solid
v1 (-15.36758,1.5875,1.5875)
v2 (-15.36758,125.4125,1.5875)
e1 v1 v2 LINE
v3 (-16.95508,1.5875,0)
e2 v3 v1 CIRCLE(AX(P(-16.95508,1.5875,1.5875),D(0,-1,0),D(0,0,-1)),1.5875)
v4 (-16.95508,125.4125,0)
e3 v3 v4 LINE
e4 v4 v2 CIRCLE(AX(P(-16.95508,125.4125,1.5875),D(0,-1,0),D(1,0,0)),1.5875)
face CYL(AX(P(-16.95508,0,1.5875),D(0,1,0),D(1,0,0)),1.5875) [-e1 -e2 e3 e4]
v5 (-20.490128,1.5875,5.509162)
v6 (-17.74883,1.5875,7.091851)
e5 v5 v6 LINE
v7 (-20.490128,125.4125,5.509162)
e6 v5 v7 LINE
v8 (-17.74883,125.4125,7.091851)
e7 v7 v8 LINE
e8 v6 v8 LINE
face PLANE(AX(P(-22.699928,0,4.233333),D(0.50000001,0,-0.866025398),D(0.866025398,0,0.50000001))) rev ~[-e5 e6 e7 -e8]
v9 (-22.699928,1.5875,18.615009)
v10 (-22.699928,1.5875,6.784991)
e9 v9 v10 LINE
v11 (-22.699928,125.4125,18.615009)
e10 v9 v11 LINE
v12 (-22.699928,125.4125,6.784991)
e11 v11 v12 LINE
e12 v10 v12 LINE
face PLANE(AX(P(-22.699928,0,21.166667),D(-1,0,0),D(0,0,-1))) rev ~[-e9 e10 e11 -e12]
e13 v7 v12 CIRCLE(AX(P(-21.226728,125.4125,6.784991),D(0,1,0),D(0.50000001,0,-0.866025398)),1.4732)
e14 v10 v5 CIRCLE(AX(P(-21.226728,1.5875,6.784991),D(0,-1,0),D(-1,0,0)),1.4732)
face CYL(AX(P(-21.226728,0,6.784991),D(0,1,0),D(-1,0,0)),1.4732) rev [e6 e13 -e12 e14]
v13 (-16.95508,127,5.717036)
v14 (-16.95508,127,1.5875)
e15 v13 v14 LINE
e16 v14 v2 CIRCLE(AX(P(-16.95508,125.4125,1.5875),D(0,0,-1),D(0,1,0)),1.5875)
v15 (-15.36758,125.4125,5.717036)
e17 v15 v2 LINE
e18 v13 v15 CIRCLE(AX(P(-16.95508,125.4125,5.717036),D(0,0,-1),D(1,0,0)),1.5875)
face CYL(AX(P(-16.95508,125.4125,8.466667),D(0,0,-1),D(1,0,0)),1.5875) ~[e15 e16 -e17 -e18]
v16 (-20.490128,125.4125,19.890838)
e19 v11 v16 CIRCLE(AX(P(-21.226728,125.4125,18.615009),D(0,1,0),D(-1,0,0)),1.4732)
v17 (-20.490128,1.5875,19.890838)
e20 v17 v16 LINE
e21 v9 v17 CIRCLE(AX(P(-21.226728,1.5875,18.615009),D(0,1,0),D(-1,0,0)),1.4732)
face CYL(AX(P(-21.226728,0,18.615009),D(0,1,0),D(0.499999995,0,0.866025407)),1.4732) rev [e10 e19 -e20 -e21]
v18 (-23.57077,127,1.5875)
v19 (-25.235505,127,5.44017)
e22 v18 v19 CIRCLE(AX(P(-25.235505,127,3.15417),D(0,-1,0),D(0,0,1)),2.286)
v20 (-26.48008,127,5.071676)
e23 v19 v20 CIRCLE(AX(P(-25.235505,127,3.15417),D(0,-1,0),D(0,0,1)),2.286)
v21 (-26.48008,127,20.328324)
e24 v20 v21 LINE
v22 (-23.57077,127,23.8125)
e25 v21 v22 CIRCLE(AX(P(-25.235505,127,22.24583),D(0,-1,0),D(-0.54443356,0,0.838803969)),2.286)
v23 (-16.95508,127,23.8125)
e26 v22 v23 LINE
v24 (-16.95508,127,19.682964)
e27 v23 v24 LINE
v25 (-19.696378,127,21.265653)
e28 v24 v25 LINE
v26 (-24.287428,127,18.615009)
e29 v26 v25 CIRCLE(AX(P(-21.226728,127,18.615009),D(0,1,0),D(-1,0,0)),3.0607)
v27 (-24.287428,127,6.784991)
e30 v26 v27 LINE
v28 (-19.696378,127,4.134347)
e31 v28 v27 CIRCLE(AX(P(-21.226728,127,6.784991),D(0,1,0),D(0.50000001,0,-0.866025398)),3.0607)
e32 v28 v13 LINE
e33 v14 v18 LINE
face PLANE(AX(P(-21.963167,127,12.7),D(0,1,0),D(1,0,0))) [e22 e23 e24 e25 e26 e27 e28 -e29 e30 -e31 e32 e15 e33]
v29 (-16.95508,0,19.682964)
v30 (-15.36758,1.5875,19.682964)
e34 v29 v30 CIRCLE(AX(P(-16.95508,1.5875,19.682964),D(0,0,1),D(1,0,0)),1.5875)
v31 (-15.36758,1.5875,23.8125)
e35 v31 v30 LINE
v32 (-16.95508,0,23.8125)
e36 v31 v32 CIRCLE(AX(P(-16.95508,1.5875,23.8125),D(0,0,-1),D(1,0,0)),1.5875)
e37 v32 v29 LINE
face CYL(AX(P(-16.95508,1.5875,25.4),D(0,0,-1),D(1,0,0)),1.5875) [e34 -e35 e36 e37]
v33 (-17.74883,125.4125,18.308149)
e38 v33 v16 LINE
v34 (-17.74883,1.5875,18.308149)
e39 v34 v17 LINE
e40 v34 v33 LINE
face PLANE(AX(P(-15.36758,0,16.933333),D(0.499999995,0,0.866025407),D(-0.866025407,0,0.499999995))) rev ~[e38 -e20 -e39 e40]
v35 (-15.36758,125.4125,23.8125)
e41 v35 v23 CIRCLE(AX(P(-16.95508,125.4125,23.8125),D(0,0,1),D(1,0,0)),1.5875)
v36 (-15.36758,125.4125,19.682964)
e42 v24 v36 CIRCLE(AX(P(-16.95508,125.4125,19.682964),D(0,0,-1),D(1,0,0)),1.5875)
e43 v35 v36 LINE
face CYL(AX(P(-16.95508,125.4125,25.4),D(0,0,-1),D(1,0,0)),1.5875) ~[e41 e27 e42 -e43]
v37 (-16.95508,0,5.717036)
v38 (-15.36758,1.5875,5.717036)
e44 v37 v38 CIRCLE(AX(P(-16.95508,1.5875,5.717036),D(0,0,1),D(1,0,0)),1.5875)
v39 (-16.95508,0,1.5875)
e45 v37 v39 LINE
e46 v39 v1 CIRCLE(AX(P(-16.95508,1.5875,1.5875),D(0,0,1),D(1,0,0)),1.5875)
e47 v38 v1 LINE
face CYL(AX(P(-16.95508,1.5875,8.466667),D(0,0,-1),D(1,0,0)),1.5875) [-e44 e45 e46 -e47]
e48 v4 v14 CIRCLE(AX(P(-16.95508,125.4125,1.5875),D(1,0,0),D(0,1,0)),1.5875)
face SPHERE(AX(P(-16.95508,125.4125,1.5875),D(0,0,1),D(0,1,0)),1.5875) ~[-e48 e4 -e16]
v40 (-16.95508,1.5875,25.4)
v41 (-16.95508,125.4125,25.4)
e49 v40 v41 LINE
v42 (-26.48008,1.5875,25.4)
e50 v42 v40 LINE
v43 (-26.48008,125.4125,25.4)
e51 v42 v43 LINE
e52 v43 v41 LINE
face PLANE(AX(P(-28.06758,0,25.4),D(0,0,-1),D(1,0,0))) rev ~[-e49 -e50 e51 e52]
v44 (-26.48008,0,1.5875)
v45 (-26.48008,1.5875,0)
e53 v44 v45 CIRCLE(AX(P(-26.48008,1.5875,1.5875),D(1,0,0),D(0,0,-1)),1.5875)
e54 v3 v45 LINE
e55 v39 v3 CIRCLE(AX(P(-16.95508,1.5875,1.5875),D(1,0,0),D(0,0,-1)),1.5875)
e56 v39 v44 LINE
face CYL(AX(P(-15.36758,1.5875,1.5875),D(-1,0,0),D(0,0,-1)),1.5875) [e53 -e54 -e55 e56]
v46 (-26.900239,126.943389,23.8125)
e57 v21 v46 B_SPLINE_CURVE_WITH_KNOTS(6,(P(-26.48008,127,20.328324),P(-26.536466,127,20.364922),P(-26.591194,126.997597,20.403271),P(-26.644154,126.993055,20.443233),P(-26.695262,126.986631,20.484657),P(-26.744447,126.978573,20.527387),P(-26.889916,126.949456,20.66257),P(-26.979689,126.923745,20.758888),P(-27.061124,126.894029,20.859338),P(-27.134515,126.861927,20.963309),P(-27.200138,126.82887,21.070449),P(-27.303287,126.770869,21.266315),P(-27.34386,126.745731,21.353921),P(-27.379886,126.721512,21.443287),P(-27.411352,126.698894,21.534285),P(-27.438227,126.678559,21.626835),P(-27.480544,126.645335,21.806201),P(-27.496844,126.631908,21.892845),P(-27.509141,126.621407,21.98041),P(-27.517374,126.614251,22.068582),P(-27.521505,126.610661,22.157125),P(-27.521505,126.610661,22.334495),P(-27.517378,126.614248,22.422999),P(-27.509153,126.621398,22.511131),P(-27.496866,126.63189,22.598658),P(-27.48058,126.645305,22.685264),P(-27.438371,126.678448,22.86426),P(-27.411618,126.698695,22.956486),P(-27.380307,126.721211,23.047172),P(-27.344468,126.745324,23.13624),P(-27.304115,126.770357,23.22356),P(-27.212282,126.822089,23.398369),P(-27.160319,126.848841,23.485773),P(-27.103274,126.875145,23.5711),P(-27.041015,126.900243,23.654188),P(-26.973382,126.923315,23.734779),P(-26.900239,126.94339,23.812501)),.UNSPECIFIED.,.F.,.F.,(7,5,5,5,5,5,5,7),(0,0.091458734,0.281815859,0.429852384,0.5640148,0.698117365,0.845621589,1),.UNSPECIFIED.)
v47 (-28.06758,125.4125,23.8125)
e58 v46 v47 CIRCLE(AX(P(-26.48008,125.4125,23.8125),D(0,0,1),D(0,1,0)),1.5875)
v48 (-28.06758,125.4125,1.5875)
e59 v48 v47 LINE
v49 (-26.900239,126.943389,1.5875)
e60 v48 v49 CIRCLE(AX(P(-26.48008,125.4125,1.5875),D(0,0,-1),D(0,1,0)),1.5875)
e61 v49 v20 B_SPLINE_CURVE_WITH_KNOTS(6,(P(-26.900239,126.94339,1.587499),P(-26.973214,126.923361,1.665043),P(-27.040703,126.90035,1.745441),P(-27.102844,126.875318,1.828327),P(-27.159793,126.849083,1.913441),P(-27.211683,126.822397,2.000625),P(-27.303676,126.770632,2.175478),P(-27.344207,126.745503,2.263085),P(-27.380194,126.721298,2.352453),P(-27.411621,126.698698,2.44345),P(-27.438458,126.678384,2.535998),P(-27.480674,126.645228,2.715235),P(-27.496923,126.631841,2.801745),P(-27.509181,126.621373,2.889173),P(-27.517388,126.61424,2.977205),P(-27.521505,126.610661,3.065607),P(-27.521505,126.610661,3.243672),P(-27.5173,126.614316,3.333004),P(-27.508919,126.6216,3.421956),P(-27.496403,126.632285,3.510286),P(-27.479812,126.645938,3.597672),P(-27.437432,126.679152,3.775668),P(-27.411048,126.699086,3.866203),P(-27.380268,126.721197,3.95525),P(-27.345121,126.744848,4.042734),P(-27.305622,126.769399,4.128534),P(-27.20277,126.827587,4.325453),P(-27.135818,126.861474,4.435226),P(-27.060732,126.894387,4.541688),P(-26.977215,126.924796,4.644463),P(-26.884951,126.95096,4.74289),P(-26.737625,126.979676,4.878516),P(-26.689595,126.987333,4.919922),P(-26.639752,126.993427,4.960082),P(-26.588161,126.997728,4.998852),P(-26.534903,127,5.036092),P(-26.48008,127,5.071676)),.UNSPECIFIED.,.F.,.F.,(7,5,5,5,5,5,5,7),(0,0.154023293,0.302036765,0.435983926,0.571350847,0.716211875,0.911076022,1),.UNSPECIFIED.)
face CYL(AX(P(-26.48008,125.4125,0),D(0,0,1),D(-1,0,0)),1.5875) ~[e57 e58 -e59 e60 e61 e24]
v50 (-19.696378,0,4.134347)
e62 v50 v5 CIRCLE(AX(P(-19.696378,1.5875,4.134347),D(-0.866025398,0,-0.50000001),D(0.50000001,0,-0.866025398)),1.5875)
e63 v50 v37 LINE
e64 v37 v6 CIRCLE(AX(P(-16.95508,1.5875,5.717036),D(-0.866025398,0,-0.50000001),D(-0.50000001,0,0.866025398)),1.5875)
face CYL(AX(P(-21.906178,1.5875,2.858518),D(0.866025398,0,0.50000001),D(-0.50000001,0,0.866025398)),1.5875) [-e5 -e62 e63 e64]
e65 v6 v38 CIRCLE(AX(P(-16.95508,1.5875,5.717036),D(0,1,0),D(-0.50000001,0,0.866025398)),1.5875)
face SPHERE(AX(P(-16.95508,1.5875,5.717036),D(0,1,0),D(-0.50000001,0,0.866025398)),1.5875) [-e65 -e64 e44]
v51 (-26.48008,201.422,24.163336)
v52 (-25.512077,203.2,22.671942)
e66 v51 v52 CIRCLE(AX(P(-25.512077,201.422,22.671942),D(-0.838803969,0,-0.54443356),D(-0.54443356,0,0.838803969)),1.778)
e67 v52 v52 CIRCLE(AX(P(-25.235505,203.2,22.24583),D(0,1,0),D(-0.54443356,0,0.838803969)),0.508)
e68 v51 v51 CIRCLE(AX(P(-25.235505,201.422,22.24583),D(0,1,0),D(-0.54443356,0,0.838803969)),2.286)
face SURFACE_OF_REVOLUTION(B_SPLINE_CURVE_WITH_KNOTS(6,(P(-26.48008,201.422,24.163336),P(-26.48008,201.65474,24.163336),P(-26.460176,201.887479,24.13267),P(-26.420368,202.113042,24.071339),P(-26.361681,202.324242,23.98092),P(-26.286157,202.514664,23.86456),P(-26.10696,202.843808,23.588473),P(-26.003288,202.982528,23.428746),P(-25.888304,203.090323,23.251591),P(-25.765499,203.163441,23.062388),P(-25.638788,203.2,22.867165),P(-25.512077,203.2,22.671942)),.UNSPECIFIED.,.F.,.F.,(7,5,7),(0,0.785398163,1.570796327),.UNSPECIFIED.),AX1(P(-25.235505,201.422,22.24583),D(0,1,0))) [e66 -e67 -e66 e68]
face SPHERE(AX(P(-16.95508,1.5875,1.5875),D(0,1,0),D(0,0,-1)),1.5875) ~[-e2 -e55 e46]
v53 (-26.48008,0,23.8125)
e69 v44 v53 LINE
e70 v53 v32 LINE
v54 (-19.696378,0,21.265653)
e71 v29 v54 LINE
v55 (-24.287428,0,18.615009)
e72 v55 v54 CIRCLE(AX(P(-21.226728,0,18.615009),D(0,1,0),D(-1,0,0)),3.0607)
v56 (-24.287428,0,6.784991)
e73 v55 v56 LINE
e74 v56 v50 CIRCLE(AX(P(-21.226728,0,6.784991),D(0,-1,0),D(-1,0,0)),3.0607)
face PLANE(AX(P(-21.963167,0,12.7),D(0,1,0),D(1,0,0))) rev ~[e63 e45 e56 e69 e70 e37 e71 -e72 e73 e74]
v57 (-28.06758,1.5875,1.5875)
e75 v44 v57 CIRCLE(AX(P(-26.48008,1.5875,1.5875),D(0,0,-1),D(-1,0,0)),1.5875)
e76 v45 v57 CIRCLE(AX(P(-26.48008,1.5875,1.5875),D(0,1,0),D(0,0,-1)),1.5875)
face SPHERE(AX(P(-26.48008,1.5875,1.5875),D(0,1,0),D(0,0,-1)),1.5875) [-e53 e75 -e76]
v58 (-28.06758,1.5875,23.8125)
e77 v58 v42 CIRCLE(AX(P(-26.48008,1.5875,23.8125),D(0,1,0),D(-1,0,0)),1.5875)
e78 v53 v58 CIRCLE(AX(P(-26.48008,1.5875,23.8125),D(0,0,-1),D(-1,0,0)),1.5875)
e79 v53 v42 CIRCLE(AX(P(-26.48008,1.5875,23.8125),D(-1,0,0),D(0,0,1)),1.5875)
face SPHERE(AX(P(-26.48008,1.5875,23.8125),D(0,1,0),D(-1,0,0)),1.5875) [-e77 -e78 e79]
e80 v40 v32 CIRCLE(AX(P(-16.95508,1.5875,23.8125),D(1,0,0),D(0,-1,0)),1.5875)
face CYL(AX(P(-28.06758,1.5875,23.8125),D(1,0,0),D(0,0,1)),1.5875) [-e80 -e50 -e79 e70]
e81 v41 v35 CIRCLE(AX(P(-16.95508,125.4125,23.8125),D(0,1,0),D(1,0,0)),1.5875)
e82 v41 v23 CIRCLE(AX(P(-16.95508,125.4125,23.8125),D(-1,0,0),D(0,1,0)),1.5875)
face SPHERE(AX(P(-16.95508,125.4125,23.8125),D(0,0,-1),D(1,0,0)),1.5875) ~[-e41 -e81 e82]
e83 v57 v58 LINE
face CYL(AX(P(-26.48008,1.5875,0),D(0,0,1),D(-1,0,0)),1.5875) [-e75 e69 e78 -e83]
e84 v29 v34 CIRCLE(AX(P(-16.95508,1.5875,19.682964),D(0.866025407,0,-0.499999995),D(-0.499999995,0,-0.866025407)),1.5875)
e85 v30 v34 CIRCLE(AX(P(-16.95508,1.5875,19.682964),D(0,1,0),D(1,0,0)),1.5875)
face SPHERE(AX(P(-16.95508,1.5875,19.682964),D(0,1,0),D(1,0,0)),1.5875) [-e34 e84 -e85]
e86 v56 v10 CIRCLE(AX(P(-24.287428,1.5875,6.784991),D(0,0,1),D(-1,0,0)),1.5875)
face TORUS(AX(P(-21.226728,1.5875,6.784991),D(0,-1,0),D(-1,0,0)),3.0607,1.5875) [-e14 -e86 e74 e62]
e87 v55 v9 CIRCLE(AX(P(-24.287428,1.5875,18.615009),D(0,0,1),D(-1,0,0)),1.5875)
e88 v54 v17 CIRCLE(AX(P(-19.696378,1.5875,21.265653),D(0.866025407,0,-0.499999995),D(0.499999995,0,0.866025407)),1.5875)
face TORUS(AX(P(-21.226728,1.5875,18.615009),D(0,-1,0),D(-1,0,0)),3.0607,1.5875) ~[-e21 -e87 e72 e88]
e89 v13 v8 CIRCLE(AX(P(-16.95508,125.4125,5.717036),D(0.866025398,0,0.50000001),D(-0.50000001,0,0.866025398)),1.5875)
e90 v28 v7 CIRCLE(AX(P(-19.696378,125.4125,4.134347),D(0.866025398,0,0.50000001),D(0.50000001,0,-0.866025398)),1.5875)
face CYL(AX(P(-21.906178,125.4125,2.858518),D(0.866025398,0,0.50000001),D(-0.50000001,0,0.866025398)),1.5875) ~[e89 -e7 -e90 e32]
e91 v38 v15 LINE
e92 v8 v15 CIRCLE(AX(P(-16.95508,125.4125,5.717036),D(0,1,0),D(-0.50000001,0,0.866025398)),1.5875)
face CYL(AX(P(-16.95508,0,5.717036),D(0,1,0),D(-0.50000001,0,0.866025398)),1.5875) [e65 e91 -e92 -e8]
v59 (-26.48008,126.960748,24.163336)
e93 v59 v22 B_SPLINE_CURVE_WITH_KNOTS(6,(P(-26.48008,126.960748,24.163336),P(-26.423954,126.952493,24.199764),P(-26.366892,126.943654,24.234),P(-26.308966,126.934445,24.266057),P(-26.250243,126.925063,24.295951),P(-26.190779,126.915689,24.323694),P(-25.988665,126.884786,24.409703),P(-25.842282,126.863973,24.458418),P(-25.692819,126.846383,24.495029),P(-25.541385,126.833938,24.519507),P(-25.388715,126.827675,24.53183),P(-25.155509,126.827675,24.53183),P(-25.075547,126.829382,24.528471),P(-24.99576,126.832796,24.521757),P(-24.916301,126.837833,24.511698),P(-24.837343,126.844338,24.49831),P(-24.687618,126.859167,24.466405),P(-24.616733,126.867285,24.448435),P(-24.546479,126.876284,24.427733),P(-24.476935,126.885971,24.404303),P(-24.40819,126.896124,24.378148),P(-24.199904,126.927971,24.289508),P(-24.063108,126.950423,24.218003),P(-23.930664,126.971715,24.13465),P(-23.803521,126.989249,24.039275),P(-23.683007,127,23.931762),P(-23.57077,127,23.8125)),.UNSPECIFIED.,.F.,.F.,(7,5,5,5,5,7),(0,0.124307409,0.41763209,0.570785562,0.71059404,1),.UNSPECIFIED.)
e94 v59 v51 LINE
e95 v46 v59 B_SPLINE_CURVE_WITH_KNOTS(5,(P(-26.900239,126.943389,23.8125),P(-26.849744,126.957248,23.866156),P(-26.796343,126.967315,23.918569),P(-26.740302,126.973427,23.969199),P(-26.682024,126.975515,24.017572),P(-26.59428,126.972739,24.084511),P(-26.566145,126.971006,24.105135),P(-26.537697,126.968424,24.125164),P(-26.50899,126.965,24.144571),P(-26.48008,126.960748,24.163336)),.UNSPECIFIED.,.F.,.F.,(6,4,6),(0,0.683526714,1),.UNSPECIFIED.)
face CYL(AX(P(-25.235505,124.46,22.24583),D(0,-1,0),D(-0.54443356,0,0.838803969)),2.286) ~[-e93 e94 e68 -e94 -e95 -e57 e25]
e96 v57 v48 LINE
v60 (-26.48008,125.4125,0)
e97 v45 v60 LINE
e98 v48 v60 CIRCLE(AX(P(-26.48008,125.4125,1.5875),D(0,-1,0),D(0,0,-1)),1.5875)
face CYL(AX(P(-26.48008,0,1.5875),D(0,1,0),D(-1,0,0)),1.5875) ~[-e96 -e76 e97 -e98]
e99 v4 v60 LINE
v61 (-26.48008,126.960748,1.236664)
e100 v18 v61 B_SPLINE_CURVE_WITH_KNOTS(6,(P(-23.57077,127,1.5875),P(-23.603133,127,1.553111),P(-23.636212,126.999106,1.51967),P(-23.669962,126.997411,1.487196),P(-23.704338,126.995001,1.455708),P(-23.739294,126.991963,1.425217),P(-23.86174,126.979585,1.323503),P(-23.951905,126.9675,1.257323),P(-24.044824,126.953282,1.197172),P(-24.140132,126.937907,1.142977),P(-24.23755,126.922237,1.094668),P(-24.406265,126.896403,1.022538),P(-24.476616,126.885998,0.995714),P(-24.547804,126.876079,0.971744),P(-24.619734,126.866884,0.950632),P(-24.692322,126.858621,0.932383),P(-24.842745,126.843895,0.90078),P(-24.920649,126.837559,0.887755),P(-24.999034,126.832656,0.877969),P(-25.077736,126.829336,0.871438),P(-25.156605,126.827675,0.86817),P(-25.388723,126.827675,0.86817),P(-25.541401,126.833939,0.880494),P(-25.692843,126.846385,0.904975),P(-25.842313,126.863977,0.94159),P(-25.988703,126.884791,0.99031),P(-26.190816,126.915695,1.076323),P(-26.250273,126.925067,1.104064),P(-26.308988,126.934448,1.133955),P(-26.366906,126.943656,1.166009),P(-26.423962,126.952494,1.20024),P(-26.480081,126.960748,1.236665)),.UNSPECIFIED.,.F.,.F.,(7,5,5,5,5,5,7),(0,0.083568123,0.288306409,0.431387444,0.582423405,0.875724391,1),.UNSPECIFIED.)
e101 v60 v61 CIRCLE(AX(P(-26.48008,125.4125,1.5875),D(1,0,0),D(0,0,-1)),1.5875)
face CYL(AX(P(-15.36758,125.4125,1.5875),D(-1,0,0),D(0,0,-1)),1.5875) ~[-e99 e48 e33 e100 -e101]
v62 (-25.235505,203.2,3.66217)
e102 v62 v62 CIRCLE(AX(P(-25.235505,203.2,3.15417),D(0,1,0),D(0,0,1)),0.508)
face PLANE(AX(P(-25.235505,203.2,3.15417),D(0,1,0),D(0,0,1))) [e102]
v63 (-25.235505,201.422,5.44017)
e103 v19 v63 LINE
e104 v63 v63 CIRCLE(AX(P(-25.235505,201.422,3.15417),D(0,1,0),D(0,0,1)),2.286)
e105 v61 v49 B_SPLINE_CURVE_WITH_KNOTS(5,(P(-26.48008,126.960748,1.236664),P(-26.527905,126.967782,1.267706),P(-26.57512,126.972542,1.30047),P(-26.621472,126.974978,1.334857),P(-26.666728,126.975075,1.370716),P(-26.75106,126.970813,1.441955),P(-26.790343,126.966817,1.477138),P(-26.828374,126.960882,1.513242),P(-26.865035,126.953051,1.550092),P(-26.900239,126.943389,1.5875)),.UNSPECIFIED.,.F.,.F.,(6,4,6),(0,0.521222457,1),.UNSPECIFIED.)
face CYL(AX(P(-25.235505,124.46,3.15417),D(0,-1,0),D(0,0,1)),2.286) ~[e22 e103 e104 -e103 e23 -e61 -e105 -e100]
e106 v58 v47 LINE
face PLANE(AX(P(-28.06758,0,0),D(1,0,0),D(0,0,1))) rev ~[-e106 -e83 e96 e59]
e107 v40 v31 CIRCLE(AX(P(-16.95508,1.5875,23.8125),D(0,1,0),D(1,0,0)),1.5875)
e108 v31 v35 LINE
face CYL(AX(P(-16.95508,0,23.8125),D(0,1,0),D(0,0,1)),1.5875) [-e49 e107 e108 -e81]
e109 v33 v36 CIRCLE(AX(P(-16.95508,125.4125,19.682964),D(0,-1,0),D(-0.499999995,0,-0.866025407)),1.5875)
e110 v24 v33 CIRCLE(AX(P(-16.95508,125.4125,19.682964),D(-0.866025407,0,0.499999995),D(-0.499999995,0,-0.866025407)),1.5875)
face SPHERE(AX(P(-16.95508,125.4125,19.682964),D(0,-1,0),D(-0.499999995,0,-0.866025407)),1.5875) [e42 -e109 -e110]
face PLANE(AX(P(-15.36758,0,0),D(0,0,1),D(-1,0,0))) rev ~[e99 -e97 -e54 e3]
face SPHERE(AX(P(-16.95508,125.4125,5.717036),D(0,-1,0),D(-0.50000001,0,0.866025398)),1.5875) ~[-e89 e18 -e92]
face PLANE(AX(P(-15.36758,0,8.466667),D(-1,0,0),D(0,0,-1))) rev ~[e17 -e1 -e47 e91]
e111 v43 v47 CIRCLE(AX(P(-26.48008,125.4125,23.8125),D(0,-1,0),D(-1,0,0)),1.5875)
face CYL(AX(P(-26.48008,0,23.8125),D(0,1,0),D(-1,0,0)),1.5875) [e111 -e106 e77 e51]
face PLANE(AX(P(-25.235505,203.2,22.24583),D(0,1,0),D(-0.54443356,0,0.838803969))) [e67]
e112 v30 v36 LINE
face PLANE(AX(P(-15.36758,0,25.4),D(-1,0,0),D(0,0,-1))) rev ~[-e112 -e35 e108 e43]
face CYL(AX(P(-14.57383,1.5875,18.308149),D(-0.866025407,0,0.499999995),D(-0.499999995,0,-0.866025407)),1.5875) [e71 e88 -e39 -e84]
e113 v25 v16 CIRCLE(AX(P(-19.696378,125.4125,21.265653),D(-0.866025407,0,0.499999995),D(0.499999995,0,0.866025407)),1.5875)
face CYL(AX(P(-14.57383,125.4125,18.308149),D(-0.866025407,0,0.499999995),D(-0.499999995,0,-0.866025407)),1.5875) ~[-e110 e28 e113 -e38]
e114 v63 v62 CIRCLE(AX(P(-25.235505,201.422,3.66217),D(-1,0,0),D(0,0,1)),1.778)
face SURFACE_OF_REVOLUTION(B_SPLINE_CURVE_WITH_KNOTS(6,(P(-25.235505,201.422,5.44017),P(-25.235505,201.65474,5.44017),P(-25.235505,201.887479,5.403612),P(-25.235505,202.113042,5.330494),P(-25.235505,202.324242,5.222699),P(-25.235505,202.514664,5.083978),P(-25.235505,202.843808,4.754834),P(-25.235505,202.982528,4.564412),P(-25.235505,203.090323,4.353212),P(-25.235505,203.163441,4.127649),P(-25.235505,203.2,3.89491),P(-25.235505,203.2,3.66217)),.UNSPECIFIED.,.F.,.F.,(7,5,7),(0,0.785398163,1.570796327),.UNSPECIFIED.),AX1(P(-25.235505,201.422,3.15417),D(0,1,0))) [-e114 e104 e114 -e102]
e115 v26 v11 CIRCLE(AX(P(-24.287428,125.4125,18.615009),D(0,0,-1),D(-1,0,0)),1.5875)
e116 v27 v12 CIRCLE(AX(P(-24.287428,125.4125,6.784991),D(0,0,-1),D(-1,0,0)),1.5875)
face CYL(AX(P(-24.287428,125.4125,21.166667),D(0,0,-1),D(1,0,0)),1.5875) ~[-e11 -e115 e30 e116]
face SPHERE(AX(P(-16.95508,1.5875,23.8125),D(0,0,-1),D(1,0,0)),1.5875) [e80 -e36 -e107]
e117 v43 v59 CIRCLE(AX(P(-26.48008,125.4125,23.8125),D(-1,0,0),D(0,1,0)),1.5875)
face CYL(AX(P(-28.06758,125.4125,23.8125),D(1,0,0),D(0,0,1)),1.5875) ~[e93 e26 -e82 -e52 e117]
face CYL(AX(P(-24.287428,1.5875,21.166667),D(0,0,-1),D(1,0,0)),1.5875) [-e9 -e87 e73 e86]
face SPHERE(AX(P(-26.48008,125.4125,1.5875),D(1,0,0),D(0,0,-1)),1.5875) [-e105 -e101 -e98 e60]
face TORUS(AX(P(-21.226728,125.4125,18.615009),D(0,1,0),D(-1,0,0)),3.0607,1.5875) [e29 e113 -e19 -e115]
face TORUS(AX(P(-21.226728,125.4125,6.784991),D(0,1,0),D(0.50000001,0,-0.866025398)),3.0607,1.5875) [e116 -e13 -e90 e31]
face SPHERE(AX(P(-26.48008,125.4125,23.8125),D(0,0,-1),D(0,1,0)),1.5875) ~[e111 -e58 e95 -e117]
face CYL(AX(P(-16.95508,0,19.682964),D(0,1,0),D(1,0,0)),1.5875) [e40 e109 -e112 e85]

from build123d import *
from OCP.BRepFilletAPI import BRepFilletAPI_MakeFillet

# Parameters (mm, degrees)
BOSS_EXTRUDE2_DEPTH      = 127
FILLET1_R1               = 1.5875
FILLET1_R2               = 1.4732
BOSS_EXTRUDE3_DEPTH      = 76.2
BOSS_EXTRUDE3_DEPTH_BACK = 2.54
SKETCH2_R                = 2.286
FILLET2_R                = 1.778


with BuildPart() as part:
    # Sketch1 → Boss-Extrude2 (new body)
    with BuildSketch(Plane(origin=(0, 0, 0), x_dir=(1, 0, 0), z_dir=(0, 1, 0))):
        Polygon((-28.067579909, 0), (-28.067579909, -25.4), (-15.367579909, -25.4), (-15.367579909, -16.933333333), (-22.699928279, -21.166666582), (-22.699928279, -4.233333249), (-15.367579909, -8.466666667), (-15.367579909, 0), align=None)
    extrude(amount=BOSS_EXTRUDE2_DEPTH)

    # Fillet1: one fillet with a radius per group of edges: ONE call of the kernel's fillet builder (fillet() takes one radius for all edges)
    fillet1_edges_1 = [part.edges().sort_by_distance(p)[0] for p in [
        (-19.033754094, 127, 6.349999958),
        (-22.699928279, 127, 12.699999915),
        (-19.033754094, 127, 19.049999958),
        (-15.367579909, 127, 21.166666667),
        (-15.367579909, 127, 4.233333333),
        (-21.717579909, 127, 0),
        (-28.067579909, 63.5, 0),
        (-15.367579909, 63.5, 0),
        (-21.717579909, 0, 0),
        (-15.367579909, 0, 4.233333333),
        (-15.367579909, 63.5, 8.466666667),
        (-15.367579909, 63.5, 16.933333333),
        (-15.367579909, 0, 21.166666667),
        (-15.367579909, 63.5, 25.4),
        (-22.699928279, 0, 12.699999915),
        (-28.067579909, 127, 12.7),
        (-21.717579909, 127, 25.4),
        (-28.067579909, 63.5, 25.4),
        (-28.067579909, 0, 12.7),
        (-21.717579909, 0, 25.4),
        (-19.033754094, 0, 6.349999958),
        (-19.033754094, 0, 19.049999958),
    ]]
    fillet1_edges_2 = [part.edges().sort_by_distance(p)[0] for p in [
        (-22.699928279, 63.5, 4.233333249),
        (-22.699928279, 63.5, 21.166666582),
    ]]
    fillet1 = BRepFilletAPI_MakeFillet(part.part.solid().wrapped)
    for e in fillet1_edges_1:
        fillet1.Add(FILLET1_R1, e.wrapped)
    for e in fillet1_edges_2:
        fillet1.Add(FILLET1_R2, e.wrapped)
    add(Compound.cast(fillet1.Shape()), mode=Mode.REPLACE)

    # Sketch2 → Boss-Extrude3 (add, two sides: drawn at the far end of the back side and taken through both)
    with BuildSketch(Plane(origin=(0, 127, 0), x_dir=(1, 0, 0), z_dir=(0, 1, 0)).offset(-BOSS_EXTRUDE3_DEPTH_BACK)):
        with Locations((-25.235504788, -3.154170131)):
            Circle(SKETCH2_R)
        with Locations((-25.235504788, -22.245829751)):
            Circle(SKETCH2_R)
    extrude(amount=BOSS_EXTRUDE3_DEPTH + BOSS_EXTRUDE3_DEPTH_BACK)

    # Fillet2
    fillet2_edges = [part.edges().sort_by_distance(p)[0] for p in [
        (-27.521504788, 203.2, 3.154170131),
        (-27.521504788, 203.2, 22.245829751),
    ]]
    fillet(fillet2_edges, radius=FILLET2_R)


solid = part.part
